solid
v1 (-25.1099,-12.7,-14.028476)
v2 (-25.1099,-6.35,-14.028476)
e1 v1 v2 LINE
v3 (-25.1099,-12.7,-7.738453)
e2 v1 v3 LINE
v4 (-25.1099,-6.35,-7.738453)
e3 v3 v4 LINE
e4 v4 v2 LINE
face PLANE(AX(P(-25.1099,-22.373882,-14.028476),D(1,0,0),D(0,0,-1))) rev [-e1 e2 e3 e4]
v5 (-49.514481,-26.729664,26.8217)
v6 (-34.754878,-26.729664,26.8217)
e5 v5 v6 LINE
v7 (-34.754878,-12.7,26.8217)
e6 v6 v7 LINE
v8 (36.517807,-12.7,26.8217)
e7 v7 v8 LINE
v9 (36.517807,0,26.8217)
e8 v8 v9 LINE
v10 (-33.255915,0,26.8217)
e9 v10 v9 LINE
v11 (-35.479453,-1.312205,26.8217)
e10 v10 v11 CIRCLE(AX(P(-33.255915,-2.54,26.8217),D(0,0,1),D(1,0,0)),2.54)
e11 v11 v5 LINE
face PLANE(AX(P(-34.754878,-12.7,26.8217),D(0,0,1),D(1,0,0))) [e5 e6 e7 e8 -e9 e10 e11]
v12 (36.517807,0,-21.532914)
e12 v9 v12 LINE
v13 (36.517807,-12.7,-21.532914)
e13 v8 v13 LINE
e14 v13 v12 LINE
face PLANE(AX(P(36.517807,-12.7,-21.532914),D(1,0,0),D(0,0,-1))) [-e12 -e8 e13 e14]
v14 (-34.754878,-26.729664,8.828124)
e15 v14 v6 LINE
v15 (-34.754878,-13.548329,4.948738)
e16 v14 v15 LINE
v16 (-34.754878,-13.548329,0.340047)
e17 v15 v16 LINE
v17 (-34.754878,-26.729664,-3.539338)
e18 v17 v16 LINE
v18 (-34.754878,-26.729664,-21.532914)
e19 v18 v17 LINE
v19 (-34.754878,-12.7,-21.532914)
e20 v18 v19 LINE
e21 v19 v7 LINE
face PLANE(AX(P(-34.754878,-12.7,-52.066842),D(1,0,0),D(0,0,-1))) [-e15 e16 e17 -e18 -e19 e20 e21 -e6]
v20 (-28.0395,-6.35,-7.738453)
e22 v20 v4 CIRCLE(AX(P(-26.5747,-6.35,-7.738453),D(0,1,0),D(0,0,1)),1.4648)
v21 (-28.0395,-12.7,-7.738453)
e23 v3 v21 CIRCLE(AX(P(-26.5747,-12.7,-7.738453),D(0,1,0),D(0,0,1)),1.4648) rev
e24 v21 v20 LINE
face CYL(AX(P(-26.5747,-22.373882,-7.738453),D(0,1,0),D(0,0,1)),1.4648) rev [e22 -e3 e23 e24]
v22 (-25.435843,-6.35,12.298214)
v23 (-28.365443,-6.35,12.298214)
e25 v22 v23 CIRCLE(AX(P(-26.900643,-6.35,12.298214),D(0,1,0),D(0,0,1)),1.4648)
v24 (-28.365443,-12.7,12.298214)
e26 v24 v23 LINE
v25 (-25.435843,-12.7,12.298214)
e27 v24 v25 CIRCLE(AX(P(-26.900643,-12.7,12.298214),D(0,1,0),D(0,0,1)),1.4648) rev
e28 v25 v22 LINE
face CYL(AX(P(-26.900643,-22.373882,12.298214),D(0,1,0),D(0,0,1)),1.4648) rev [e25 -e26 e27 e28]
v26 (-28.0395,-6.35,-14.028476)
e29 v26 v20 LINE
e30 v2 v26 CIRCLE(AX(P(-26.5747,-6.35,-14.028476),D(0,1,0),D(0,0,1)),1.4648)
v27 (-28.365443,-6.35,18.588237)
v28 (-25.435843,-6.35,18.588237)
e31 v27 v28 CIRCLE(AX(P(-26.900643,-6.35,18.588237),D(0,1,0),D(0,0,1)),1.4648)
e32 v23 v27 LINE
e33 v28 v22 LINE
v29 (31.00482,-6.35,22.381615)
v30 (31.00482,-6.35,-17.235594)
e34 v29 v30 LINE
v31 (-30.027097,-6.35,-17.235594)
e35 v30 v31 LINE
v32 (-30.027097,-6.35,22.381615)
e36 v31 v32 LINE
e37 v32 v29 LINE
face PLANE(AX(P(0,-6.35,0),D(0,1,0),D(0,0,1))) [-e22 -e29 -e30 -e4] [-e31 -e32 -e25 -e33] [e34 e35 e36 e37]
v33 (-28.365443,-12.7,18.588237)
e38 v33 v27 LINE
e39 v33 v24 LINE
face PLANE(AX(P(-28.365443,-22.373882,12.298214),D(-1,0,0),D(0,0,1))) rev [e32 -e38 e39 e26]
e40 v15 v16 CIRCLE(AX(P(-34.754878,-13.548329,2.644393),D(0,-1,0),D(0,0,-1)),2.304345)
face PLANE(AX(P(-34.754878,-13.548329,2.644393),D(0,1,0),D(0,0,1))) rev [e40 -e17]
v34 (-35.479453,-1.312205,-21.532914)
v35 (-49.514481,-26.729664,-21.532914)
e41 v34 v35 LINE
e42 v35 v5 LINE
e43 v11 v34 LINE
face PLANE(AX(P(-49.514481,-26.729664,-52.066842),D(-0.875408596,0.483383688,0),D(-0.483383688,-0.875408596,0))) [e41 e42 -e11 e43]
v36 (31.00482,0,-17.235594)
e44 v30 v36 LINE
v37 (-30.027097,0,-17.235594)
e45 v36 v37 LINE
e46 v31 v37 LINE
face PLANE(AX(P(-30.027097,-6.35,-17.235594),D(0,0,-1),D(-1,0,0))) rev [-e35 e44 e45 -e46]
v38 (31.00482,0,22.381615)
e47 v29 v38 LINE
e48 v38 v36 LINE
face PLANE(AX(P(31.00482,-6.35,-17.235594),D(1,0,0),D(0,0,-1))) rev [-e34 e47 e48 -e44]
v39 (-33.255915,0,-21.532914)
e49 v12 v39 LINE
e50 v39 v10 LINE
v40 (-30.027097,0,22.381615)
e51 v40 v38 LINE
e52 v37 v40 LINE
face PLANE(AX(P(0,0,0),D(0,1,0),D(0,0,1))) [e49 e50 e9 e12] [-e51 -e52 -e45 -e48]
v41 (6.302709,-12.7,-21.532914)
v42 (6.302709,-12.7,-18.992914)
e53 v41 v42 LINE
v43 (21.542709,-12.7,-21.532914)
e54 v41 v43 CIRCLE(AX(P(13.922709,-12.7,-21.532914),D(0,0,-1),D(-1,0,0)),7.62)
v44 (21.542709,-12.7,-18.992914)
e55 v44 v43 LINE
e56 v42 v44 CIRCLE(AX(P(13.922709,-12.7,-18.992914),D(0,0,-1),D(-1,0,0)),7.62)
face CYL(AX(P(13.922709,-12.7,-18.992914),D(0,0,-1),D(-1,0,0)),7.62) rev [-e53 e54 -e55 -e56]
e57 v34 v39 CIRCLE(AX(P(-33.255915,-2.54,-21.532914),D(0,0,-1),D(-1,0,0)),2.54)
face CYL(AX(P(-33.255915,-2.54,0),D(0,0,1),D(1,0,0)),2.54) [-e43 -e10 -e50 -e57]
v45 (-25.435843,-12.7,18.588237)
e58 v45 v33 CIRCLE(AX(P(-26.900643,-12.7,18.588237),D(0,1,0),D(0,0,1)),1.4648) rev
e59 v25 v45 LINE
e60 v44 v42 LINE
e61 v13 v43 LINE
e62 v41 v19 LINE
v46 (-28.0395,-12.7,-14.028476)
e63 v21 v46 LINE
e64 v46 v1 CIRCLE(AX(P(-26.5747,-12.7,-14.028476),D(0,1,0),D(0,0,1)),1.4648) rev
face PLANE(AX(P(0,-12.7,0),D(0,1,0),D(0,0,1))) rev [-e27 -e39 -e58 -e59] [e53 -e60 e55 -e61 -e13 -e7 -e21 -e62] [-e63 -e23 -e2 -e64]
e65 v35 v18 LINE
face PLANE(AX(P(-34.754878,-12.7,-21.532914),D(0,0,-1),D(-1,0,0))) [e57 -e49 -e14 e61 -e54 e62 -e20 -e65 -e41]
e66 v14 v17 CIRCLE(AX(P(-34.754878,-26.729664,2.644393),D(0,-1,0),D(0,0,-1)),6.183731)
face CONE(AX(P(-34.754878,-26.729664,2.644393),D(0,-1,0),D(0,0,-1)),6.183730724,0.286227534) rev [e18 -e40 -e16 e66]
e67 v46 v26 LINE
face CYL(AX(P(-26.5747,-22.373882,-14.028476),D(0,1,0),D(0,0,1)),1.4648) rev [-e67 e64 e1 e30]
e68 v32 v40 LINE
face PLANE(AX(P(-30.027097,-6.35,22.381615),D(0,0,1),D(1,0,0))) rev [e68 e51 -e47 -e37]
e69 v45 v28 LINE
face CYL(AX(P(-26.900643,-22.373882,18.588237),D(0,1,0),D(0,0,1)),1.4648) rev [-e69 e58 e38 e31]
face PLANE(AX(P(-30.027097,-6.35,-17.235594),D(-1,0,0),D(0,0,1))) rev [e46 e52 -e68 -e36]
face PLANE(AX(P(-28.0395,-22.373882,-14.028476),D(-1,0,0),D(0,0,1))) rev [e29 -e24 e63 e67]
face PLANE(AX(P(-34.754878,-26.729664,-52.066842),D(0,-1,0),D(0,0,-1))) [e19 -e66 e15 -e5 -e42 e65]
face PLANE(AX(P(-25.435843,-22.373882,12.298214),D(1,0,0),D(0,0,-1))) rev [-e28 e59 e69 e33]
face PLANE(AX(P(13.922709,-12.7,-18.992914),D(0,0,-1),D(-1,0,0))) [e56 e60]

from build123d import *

# Parameters (mm, degrees)
SKETCH1_W           = 71.272685497
SKETCH1_H           = 48.354613482
BOSS_EXTRUDE1_DEPTH = 12.7
SKETCH2_W           = 61.031917372
SKETCH2_H           = 39.617209522
CUT_EXTRUDE1_DEPTH  = 6.35
BOSS_EXTRUDE2_DEPTH = 48.354613
FILLET1_R           = 2.54
SKETCH5_R           = 7.62
CUT_EXTRUDE2_DEPTH  = 2.54
CUT_EXTRUDE3_DEPTH  = 6.35
CUT_REVOLVE1_ANGLE  = 180


with BuildPart() as part:
    # Sketch1 → Boss-Extrude1 (new body)
    with BuildSketch(Plane(origin=(0, 0, 0), x_dir=(1, 0, 0), z_dir=(0, 1, 0))):
        with Locations((0.881464309, -2.644392925)):
            Rectangle(SKETCH1_W, SKETCH1_H)
    extrude(amount=-BOSS_EXTRUDE1_DEPTH)

    # Sketch2 → Cut-Extrude1 (cut)
    with BuildSketch(Plane(origin=(0, 0, 0), x_dir=(1, 0, 0), z_dir=(0, 1, 0))):
        with Locations((0.488861331, -2.573010565)):
            Rectangle(SKETCH2_W, SKETCH2_H)
    extrude(amount=-CUT_EXTRUDE1_DEPTH, mode=Mode.SUBTRACT)

    # Sketch4 → Boss-Extrude2 (add)
    with BuildSketch(Plane.XY.offset(26.821699666)):
        Polygon((-34.75487844, -12.7), (-34.75487844, -26.729663637), (-49.514481499, -26.729663637), (-34.75487844, 0), align=None)
    extrude(amount=-BOSS_EXTRUDE2_DEPTH)

    # Fillet1
    fillet1_edges = [part.edges().sort_by_distance(p)[0] for p in [
        (-34.75487844, 0, 2.644392925),
    ]]
    fillet(fillet1_edges, radius=FILLET1_R)

    # Sketch5 → Cut-Extrude2 (cut)
    with BuildSketch(Plane(origin=(0, 0, -21.532913816), x_dir=(-1, 0, 0), z_dir=(0, 0, -1))):
        with Locations((-13.922709082, -12.7)):
            Circle(SKETCH5_R)
    extrude(amount=-CUT_EXTRUDE2_DEPTH, mode=Mode.SUBTRACT)

    # Sketch7 → Cut-Extrude3 (cut)
    with BuildSketch(Plane(origin=(0, -6.35, 0), x_dir=(1, 0, 0), z_dir=(0, 1, 0))):
        with BuildLine():
            Line((-25.109899832, 14.028476446), (-25.109899832, 7.738453376))
            ThreePointArc((-25.109899832, 7.738453376), (-26.574699725, 6.273653483), (-28.039499618, 7.738453376))
            Line((-28.039499618, 7.738453376), (-28.039499618, 14.028476446))
            ThreePointArc((-28.039499618, 14.028476446), (-26.574699725, 15.493276339), (-25.109899832, 14.028476446))
        make_face()
        with BuildLine():
            Line((-25.435843167, -12.298214097), (-25.435843167, -18.588237167))
            ThreePointArc((-25.435843167, -18.588237167), (-26.90064306, -20.05303706), (-28.365442953, -18.588237167))
            Line((-28.365442953, -18.588237167), (-28.365442953, -12.298214097))
            ThreePointArc((-28.365442953, -12.298214097), (-26.90064306, -10.833414204), (-25.435843167, -12.298214097))
        make_face()
    extrude(amount=-CUT_EXTRUDE3_DEPTH, mode=Mode.SUBTRACT)

    # Sketch9 → Cut-Revolve1 (revolve, cut)
    with BuildSketch(Plane(origin=(-34.75487844, 0, 0), x_dir=(0, 0, -1), z_dir=(1, 0, 0))):
        Polygon((-2.644392925, -26.729663637), (-2.644392925, -13.548328756), (-0.340047454, -13.548328756), (3.5393378, -26.729663637), align=None)
    revolve(axis=Axis((-34.75487844, -26.729663637, 2.644392925), (0, 1, 0)), revolution_arc=CUT_REVOLVE1_ANGLE, mode=Mode.SUBTRACT)


solid = part.part
